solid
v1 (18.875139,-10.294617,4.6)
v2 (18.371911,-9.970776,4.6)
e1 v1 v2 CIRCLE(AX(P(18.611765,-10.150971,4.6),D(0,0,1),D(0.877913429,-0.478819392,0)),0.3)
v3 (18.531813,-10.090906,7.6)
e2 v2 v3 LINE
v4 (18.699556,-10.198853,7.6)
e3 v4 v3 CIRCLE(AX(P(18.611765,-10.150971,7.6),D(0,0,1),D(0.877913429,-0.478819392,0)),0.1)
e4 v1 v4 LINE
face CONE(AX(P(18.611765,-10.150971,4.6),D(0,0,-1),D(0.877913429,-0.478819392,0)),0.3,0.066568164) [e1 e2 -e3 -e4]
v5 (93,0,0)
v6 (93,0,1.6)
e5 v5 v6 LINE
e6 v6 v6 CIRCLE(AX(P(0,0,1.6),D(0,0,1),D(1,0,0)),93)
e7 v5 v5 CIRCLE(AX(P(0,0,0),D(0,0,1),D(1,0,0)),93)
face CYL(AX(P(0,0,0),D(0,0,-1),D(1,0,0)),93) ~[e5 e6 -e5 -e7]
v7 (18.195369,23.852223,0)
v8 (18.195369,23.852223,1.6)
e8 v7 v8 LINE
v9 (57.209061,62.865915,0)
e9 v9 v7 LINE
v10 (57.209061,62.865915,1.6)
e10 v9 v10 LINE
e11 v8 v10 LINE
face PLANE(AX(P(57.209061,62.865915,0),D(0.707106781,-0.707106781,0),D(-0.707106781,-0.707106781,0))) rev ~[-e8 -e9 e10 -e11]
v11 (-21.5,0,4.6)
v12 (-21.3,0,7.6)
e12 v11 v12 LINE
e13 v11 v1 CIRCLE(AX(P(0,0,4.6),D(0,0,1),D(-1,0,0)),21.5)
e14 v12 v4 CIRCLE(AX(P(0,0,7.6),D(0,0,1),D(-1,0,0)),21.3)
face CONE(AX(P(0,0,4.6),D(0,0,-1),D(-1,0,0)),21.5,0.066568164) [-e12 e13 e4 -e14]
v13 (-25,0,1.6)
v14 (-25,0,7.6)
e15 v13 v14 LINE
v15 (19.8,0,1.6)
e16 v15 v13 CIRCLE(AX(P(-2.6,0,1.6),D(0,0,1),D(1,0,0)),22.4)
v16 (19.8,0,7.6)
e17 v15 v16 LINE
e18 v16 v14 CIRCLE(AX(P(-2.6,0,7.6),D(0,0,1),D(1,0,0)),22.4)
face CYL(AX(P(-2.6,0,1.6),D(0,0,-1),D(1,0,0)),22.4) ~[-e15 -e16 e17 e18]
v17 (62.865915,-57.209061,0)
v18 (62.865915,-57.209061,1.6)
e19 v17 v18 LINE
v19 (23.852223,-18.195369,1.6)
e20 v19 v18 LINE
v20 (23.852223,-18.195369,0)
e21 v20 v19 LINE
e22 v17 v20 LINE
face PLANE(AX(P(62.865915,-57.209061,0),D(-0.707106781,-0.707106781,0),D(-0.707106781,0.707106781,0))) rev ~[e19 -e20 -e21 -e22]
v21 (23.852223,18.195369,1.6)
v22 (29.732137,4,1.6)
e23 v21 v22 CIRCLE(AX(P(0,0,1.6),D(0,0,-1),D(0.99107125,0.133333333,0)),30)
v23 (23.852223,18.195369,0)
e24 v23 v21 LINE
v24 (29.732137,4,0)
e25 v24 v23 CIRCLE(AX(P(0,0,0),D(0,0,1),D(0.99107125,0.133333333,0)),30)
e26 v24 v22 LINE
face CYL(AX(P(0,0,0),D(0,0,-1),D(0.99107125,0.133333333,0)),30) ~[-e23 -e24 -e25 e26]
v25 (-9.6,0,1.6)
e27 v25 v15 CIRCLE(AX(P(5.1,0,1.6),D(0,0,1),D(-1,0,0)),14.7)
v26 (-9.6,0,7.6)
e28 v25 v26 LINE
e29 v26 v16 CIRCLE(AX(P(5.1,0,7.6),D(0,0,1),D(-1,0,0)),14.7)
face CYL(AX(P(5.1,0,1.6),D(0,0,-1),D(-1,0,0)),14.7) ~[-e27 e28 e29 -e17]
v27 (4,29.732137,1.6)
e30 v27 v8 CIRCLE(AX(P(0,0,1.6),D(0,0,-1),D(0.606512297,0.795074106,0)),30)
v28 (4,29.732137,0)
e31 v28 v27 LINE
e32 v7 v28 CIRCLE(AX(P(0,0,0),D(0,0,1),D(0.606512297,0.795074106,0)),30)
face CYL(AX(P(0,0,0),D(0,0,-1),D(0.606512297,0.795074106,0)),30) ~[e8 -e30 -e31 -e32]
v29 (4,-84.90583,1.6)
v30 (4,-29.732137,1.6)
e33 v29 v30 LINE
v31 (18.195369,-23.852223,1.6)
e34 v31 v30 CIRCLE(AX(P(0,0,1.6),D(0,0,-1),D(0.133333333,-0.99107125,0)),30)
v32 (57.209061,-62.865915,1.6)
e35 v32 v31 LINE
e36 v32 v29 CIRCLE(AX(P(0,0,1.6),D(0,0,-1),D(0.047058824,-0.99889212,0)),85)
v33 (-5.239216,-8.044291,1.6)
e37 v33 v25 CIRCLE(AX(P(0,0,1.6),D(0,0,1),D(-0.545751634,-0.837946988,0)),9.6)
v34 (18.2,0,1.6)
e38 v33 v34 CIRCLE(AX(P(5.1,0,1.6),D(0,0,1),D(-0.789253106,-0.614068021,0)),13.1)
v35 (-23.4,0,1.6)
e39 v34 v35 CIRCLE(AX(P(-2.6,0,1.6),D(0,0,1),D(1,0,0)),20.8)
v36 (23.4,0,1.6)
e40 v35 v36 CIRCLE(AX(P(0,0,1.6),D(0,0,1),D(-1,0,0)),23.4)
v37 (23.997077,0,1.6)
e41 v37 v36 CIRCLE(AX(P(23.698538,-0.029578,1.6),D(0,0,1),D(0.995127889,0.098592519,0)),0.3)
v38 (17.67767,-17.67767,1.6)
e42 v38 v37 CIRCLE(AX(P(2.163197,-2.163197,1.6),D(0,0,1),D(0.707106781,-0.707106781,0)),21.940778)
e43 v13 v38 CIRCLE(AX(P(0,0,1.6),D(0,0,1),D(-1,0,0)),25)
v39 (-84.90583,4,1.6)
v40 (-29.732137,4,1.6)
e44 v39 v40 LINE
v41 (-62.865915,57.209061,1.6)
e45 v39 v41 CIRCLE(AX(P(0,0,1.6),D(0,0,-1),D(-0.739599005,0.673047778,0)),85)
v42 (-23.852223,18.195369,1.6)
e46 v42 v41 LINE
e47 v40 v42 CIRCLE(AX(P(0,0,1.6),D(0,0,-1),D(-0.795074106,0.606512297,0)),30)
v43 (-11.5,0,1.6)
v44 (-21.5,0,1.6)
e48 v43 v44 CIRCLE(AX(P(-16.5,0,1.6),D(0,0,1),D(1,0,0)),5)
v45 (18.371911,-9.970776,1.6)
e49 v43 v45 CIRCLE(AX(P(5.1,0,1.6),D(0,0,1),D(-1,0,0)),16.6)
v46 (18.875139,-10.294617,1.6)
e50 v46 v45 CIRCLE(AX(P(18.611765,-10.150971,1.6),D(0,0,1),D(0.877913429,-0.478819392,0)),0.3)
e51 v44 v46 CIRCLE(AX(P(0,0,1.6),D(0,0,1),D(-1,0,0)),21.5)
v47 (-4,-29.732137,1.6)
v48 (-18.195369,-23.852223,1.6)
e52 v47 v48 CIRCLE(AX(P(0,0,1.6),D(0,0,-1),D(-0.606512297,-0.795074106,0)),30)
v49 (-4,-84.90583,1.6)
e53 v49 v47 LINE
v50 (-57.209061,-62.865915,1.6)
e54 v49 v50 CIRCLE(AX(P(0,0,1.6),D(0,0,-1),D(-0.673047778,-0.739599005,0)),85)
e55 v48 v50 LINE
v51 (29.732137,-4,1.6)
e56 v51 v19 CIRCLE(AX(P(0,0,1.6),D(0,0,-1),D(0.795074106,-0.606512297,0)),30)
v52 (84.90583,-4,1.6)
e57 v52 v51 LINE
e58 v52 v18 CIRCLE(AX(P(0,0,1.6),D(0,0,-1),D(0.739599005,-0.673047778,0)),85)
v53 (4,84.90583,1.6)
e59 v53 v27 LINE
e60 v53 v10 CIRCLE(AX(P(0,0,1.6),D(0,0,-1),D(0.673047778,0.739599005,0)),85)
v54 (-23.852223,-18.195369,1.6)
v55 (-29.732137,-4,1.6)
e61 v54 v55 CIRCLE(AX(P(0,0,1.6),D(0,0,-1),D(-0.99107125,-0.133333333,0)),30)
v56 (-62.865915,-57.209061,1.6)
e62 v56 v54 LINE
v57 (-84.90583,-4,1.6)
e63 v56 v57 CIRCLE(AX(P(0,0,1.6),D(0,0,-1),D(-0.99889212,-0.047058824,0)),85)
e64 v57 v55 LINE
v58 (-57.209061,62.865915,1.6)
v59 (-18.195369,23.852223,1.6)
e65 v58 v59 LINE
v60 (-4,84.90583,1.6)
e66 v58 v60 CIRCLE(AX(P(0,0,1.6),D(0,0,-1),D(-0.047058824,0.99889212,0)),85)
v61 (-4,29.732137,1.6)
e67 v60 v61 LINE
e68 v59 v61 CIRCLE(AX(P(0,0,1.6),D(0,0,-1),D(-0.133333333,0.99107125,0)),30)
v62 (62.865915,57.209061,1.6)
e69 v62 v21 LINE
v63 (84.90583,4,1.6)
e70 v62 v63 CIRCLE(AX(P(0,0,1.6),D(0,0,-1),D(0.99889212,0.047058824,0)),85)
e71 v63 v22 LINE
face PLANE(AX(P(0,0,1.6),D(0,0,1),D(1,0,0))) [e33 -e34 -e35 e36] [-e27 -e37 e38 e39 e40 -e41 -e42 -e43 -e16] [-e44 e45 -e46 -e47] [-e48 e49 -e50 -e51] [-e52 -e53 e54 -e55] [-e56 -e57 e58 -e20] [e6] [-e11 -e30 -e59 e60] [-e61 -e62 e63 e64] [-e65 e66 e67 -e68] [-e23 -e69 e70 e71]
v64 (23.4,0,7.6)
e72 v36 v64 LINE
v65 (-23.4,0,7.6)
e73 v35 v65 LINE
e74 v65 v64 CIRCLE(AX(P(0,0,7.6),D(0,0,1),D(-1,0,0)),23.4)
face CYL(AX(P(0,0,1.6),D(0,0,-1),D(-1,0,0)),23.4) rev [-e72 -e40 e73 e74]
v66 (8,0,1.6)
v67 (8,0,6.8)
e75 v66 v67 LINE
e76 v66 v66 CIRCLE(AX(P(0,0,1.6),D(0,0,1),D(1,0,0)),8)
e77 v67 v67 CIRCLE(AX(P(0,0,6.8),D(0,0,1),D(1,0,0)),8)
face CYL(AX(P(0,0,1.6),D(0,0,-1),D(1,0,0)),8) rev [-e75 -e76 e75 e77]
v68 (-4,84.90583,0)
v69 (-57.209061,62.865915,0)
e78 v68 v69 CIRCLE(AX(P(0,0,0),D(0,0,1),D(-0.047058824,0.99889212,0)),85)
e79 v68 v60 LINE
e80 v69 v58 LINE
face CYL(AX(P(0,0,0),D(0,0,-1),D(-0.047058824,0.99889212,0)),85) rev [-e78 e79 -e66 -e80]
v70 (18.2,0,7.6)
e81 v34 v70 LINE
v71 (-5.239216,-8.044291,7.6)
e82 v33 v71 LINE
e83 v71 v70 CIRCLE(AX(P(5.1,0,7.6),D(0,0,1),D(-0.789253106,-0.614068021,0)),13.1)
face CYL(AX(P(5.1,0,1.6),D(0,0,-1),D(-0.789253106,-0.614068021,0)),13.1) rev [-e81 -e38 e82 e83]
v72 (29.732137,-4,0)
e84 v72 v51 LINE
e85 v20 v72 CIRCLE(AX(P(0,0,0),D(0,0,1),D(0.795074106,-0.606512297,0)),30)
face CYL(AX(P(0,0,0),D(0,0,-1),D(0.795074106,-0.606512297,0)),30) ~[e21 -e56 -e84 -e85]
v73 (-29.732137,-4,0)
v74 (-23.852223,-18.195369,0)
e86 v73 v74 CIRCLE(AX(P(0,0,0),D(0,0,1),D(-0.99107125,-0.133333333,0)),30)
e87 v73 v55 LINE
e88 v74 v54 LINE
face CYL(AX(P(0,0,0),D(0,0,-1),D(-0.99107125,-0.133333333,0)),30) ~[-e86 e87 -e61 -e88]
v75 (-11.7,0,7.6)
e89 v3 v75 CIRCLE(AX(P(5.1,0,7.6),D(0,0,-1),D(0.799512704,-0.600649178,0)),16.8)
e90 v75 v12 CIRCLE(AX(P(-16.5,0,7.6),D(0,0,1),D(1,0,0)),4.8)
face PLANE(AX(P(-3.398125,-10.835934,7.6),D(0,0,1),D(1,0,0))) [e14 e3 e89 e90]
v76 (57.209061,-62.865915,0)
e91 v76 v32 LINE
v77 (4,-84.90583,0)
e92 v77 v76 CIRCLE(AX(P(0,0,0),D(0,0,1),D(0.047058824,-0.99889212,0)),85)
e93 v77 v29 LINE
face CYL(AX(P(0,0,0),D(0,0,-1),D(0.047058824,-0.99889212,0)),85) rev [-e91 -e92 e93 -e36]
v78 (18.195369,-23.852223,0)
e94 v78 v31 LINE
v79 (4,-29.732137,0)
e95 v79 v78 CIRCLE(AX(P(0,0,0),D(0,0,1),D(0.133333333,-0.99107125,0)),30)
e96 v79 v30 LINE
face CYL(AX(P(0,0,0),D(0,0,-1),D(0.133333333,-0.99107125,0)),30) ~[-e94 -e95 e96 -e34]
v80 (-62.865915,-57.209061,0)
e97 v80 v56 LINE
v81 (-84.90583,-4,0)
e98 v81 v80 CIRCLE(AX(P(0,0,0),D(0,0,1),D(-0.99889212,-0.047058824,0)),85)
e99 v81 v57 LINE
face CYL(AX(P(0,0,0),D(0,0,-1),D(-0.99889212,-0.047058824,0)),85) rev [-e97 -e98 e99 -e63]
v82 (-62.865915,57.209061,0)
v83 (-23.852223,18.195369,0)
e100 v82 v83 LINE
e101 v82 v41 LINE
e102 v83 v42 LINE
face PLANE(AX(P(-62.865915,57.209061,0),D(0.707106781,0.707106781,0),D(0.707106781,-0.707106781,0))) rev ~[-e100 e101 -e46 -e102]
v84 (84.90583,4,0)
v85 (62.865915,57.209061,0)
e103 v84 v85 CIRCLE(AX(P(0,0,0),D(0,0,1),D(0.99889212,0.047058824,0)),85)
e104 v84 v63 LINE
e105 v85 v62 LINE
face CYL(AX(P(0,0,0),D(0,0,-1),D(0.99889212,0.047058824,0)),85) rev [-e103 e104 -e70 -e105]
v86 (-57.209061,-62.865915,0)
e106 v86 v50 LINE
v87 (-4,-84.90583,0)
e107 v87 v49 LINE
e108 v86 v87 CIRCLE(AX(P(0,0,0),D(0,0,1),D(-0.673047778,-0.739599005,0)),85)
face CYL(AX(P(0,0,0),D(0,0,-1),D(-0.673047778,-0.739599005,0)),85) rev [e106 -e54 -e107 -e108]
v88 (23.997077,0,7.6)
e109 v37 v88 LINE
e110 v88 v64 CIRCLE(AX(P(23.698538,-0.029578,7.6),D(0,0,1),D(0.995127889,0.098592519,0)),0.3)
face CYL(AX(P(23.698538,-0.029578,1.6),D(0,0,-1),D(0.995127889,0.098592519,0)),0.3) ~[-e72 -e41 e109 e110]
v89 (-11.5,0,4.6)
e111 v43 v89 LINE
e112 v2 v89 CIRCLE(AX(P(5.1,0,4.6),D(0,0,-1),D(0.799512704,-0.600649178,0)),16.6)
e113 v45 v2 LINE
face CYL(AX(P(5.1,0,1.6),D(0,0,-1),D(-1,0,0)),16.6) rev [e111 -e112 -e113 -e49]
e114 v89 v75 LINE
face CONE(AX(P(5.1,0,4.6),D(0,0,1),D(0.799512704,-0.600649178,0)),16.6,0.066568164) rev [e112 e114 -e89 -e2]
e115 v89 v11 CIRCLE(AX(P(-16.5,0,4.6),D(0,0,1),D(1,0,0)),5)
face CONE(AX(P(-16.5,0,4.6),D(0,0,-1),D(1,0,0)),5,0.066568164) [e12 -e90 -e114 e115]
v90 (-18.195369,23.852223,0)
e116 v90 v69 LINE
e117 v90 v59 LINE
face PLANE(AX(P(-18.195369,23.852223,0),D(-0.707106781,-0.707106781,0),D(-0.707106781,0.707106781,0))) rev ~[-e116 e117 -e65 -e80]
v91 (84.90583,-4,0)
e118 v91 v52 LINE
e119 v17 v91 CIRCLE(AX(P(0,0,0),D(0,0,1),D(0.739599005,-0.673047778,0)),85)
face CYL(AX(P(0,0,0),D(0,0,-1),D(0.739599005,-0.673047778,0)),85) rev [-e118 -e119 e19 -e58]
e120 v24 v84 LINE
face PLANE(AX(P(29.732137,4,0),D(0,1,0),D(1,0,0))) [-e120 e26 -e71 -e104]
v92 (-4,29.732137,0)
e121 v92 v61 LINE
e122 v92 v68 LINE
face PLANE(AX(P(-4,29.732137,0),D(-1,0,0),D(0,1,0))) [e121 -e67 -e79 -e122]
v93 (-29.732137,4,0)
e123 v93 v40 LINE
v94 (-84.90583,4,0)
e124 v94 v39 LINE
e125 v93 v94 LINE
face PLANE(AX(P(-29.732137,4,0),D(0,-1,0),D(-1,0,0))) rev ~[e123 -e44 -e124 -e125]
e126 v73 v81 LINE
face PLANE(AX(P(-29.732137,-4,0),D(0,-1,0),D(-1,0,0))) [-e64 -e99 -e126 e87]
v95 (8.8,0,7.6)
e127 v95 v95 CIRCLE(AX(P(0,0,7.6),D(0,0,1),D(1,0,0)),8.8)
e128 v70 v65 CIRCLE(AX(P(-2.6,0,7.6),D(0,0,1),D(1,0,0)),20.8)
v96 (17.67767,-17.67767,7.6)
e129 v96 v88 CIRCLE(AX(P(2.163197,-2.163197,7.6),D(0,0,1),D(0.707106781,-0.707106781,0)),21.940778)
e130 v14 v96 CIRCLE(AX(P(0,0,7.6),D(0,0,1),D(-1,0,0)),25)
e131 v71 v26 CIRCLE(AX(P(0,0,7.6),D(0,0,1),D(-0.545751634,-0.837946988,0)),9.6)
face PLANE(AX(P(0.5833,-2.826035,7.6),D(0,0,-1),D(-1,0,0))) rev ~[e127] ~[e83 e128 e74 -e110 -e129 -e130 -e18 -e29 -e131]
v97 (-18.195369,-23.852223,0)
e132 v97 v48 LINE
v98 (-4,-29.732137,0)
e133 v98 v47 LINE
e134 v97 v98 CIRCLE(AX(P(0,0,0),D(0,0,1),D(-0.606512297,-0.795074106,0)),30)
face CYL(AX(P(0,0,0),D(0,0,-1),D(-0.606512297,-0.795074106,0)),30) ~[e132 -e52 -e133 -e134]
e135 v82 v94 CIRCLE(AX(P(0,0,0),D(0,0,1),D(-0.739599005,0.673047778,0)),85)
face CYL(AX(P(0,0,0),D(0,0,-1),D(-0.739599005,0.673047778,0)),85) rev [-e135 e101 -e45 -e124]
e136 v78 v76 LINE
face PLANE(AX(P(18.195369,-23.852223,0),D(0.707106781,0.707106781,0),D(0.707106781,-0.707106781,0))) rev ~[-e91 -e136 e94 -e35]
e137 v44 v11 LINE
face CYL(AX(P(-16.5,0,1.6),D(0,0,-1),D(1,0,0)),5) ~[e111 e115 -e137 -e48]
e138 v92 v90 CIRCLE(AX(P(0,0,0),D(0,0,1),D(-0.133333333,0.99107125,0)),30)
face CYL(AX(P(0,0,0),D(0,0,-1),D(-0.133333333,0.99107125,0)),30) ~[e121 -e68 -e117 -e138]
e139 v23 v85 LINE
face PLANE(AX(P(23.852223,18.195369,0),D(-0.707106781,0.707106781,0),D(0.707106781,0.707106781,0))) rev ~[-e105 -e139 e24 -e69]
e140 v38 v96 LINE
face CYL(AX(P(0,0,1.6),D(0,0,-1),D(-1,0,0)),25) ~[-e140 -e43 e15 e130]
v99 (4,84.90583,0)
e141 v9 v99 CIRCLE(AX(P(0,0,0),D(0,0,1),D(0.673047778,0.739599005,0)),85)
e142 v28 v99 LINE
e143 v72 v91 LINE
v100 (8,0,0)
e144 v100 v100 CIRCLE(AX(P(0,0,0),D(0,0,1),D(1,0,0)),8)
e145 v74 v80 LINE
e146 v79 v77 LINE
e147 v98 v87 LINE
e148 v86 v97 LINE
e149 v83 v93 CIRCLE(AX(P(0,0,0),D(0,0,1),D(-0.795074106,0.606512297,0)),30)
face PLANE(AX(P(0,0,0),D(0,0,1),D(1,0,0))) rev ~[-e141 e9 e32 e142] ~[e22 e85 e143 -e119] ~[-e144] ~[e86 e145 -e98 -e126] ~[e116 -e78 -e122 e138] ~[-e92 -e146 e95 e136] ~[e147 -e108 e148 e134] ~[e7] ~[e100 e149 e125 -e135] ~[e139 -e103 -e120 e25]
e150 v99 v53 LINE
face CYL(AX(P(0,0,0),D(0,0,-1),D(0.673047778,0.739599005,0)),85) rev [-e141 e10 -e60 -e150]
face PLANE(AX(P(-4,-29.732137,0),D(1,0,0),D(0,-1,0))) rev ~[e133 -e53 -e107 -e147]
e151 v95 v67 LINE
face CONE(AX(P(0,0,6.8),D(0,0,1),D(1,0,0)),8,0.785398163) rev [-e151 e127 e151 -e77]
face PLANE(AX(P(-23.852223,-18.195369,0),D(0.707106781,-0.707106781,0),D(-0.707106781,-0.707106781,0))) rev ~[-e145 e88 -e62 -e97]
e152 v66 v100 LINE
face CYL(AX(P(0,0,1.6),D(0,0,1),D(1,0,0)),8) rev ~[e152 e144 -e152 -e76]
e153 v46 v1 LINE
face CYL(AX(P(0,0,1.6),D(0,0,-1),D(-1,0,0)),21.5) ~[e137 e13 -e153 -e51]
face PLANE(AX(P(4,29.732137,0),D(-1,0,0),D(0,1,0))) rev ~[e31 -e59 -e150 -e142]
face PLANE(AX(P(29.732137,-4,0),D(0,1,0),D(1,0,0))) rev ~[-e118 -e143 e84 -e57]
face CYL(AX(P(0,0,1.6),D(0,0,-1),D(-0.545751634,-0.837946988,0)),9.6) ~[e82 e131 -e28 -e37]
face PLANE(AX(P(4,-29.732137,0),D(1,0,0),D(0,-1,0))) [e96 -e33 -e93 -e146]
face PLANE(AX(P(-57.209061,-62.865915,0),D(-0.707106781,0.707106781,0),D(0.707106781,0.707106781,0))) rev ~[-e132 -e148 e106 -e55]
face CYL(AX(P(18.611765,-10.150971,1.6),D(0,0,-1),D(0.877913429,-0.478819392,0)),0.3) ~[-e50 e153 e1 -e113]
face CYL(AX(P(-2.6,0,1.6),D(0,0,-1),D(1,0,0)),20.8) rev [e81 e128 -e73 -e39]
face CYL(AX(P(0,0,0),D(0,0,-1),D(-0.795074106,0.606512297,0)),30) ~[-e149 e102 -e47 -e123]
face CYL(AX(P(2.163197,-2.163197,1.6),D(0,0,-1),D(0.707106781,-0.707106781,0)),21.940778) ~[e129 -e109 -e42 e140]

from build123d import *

# Parameters (mm, degrees)
SKETCH_R           = 93
PAD_DEPTH          = 1.6
POCKET_DEPTH       = 527.6981773351
POLARPATTERN_COUNT = 4
SKETCH003_R        = 8
POCKET001_DEPTH    = 1.601
SKETCH001_R        = 8
PAD001_DEPTH       = 6
CHAMFER002_SIZE2   = 0.2
CHAMFER002_SIZE    = 3
CHAMFER_SIZE       = 0.8


with BuildPart() as part:
    # Sketch → Pad (new body)
    with BuildSketch(Plane.XY):
        Circle(SKETCH_R)
    extrude(amount=PAD_DEPTH)

    # Sketch002 → Pocket (cut, through all)
    with BuildSketch(Plane.XY):
        with BuildLine():
            Line((-29.7321374946, 4), (-84.9058301885, 4))
            ThreePointArc((-62.8659154133, 57.2090611638), (-78.5297602635, 32.528091751), (-84.9058301885, 4))
            Line((-62.8659154133, 57.2090611638), (-23.8522231664, 18.1953689169))
            ThreePointArc((-23.8522231664, 18.1953689169), (-27.7163859753, 11.480502971), (-29.7321374946, 4))
        make_face()
        with BuildLine():
            Line((-18.1953689169, 23.8522231664), (-57.2090611638, 62.8659154133))
            ThreePointArc((-4, 84.9058301885), (-32.528091751, 78.5297602635), (-57.2090611638, 62.8659154133))
            Line((-4, 29.7321374946), (-4, 84.9058301885))
            ThreePointArc((-4, 29.7321374946), (-11.480502971, 27.7163859753), (-18.1953689169, 23.8522231664))
        make_face()
    pocket = extrude(amount=POCKET_DEPTH, mode=Mode.SUBTRACT)

    # PolarPattern: Pocket ×4 about axis
    polarpattern_axis = Axis((0, 0, 0), (0, 0, 1))
    for i in range(1, POLARPATTERN_COUNT):
        add(pocket.rotate(polarpattern_axis, i * 360 / POLARPATTERN_COUNT), mode=Mode.SUBTRACT)

    # Sketch003 → Pocket001 (cut, through all)
    with BuildSketch(Plane.XY.offset(1.6)):
        Circle(SKETCH003_R)
    extrude(amount=-POCKET001_DEPTH, mode=Mode.SUBTRACT)

    # Sketch001 → Pad001 (join)
    with BuildSketch(Plane.XY.offset(1.6)):
        with BuildLine():
            ThreePointArc((-23.4, 0), (0, -23.4), (23.4, 0))
            ThreePointArc((23.9970767333, 0), (23.6985383667, 0.2704222444), (23.4, 0))
            ThreePointArc((17.6776695297, -17.6776695297), (22.8235419267, -9.5488497004), (23.9970767333, 0))
            ThreePointArc((-25, 0), (-9.5670858091, -23.0969883128), (17.6776695297, -17.6776695297))
            ThreePointArc((19.8, 0), (-2.6, 22.4), (-25, 0))
            ThreePointArc((-9.6, 6e-10), (5.0999999997, -14.7000000003), (19.8, 0))
            ThreePointArc((-5.2392156863, -8.0442910808), (8.4396821797, 4.5751245563), (-9.6, 0))
            ThreePointArc((-5.2392156863, -8.0442910808), (9.3524272192, -12.3905957381), (18.2, 0))
            ThreePointArc((18.2, 0), (-2.6, 20.8), (-23.4, 0))
        make_face()
        Circle(SKETCH001_R, mode=Mode.SUBTRACT)
        with BuildLine():
            ThreePointArc((-11.5, 0), (-16.5, 5), (-21.5, 0))
            ThreePointArc((-21.5, 0), (-5.3119919625, -20.8334524597), (18.8751387339, -10.2946169319))
            ThreePointArc((18.8751387339, -10.2946169319), (18.7741114914, -9.8986944388), (18.3719108937, -9.9707763607))
            ThreePointArc((-11.5, 0), (-0.1557720255, -15.746010937), (18.3719108937, -9.9707763607))
        make_face()
    extrude(amount=PAD001_DEPTH)

    # Chamfer002
    chamfer002_edges = [part.edges().sort_by_distance(p)[0] for p in [
        (-5.311992, -20.833452, 7.6),
    ]]
    chamfer002_side = part.faces().sort_by_distance((-5.311992, -20.833452, 4.6))[0]
    chamfer(chamfer002_edges, length=CHAMFER002_SIZE, length2=CHAMFER002_SIZE2, reference=chamfer002_side)

    # Chamfer
    chamfer_edges = [part.edges().sort_by_distance(p)[0] for p in [
        (-8, 0, 7.6),
    ]]
    chamfer(chamfer_edges, length=CHAMFER_SIZE)


solid = part.part
